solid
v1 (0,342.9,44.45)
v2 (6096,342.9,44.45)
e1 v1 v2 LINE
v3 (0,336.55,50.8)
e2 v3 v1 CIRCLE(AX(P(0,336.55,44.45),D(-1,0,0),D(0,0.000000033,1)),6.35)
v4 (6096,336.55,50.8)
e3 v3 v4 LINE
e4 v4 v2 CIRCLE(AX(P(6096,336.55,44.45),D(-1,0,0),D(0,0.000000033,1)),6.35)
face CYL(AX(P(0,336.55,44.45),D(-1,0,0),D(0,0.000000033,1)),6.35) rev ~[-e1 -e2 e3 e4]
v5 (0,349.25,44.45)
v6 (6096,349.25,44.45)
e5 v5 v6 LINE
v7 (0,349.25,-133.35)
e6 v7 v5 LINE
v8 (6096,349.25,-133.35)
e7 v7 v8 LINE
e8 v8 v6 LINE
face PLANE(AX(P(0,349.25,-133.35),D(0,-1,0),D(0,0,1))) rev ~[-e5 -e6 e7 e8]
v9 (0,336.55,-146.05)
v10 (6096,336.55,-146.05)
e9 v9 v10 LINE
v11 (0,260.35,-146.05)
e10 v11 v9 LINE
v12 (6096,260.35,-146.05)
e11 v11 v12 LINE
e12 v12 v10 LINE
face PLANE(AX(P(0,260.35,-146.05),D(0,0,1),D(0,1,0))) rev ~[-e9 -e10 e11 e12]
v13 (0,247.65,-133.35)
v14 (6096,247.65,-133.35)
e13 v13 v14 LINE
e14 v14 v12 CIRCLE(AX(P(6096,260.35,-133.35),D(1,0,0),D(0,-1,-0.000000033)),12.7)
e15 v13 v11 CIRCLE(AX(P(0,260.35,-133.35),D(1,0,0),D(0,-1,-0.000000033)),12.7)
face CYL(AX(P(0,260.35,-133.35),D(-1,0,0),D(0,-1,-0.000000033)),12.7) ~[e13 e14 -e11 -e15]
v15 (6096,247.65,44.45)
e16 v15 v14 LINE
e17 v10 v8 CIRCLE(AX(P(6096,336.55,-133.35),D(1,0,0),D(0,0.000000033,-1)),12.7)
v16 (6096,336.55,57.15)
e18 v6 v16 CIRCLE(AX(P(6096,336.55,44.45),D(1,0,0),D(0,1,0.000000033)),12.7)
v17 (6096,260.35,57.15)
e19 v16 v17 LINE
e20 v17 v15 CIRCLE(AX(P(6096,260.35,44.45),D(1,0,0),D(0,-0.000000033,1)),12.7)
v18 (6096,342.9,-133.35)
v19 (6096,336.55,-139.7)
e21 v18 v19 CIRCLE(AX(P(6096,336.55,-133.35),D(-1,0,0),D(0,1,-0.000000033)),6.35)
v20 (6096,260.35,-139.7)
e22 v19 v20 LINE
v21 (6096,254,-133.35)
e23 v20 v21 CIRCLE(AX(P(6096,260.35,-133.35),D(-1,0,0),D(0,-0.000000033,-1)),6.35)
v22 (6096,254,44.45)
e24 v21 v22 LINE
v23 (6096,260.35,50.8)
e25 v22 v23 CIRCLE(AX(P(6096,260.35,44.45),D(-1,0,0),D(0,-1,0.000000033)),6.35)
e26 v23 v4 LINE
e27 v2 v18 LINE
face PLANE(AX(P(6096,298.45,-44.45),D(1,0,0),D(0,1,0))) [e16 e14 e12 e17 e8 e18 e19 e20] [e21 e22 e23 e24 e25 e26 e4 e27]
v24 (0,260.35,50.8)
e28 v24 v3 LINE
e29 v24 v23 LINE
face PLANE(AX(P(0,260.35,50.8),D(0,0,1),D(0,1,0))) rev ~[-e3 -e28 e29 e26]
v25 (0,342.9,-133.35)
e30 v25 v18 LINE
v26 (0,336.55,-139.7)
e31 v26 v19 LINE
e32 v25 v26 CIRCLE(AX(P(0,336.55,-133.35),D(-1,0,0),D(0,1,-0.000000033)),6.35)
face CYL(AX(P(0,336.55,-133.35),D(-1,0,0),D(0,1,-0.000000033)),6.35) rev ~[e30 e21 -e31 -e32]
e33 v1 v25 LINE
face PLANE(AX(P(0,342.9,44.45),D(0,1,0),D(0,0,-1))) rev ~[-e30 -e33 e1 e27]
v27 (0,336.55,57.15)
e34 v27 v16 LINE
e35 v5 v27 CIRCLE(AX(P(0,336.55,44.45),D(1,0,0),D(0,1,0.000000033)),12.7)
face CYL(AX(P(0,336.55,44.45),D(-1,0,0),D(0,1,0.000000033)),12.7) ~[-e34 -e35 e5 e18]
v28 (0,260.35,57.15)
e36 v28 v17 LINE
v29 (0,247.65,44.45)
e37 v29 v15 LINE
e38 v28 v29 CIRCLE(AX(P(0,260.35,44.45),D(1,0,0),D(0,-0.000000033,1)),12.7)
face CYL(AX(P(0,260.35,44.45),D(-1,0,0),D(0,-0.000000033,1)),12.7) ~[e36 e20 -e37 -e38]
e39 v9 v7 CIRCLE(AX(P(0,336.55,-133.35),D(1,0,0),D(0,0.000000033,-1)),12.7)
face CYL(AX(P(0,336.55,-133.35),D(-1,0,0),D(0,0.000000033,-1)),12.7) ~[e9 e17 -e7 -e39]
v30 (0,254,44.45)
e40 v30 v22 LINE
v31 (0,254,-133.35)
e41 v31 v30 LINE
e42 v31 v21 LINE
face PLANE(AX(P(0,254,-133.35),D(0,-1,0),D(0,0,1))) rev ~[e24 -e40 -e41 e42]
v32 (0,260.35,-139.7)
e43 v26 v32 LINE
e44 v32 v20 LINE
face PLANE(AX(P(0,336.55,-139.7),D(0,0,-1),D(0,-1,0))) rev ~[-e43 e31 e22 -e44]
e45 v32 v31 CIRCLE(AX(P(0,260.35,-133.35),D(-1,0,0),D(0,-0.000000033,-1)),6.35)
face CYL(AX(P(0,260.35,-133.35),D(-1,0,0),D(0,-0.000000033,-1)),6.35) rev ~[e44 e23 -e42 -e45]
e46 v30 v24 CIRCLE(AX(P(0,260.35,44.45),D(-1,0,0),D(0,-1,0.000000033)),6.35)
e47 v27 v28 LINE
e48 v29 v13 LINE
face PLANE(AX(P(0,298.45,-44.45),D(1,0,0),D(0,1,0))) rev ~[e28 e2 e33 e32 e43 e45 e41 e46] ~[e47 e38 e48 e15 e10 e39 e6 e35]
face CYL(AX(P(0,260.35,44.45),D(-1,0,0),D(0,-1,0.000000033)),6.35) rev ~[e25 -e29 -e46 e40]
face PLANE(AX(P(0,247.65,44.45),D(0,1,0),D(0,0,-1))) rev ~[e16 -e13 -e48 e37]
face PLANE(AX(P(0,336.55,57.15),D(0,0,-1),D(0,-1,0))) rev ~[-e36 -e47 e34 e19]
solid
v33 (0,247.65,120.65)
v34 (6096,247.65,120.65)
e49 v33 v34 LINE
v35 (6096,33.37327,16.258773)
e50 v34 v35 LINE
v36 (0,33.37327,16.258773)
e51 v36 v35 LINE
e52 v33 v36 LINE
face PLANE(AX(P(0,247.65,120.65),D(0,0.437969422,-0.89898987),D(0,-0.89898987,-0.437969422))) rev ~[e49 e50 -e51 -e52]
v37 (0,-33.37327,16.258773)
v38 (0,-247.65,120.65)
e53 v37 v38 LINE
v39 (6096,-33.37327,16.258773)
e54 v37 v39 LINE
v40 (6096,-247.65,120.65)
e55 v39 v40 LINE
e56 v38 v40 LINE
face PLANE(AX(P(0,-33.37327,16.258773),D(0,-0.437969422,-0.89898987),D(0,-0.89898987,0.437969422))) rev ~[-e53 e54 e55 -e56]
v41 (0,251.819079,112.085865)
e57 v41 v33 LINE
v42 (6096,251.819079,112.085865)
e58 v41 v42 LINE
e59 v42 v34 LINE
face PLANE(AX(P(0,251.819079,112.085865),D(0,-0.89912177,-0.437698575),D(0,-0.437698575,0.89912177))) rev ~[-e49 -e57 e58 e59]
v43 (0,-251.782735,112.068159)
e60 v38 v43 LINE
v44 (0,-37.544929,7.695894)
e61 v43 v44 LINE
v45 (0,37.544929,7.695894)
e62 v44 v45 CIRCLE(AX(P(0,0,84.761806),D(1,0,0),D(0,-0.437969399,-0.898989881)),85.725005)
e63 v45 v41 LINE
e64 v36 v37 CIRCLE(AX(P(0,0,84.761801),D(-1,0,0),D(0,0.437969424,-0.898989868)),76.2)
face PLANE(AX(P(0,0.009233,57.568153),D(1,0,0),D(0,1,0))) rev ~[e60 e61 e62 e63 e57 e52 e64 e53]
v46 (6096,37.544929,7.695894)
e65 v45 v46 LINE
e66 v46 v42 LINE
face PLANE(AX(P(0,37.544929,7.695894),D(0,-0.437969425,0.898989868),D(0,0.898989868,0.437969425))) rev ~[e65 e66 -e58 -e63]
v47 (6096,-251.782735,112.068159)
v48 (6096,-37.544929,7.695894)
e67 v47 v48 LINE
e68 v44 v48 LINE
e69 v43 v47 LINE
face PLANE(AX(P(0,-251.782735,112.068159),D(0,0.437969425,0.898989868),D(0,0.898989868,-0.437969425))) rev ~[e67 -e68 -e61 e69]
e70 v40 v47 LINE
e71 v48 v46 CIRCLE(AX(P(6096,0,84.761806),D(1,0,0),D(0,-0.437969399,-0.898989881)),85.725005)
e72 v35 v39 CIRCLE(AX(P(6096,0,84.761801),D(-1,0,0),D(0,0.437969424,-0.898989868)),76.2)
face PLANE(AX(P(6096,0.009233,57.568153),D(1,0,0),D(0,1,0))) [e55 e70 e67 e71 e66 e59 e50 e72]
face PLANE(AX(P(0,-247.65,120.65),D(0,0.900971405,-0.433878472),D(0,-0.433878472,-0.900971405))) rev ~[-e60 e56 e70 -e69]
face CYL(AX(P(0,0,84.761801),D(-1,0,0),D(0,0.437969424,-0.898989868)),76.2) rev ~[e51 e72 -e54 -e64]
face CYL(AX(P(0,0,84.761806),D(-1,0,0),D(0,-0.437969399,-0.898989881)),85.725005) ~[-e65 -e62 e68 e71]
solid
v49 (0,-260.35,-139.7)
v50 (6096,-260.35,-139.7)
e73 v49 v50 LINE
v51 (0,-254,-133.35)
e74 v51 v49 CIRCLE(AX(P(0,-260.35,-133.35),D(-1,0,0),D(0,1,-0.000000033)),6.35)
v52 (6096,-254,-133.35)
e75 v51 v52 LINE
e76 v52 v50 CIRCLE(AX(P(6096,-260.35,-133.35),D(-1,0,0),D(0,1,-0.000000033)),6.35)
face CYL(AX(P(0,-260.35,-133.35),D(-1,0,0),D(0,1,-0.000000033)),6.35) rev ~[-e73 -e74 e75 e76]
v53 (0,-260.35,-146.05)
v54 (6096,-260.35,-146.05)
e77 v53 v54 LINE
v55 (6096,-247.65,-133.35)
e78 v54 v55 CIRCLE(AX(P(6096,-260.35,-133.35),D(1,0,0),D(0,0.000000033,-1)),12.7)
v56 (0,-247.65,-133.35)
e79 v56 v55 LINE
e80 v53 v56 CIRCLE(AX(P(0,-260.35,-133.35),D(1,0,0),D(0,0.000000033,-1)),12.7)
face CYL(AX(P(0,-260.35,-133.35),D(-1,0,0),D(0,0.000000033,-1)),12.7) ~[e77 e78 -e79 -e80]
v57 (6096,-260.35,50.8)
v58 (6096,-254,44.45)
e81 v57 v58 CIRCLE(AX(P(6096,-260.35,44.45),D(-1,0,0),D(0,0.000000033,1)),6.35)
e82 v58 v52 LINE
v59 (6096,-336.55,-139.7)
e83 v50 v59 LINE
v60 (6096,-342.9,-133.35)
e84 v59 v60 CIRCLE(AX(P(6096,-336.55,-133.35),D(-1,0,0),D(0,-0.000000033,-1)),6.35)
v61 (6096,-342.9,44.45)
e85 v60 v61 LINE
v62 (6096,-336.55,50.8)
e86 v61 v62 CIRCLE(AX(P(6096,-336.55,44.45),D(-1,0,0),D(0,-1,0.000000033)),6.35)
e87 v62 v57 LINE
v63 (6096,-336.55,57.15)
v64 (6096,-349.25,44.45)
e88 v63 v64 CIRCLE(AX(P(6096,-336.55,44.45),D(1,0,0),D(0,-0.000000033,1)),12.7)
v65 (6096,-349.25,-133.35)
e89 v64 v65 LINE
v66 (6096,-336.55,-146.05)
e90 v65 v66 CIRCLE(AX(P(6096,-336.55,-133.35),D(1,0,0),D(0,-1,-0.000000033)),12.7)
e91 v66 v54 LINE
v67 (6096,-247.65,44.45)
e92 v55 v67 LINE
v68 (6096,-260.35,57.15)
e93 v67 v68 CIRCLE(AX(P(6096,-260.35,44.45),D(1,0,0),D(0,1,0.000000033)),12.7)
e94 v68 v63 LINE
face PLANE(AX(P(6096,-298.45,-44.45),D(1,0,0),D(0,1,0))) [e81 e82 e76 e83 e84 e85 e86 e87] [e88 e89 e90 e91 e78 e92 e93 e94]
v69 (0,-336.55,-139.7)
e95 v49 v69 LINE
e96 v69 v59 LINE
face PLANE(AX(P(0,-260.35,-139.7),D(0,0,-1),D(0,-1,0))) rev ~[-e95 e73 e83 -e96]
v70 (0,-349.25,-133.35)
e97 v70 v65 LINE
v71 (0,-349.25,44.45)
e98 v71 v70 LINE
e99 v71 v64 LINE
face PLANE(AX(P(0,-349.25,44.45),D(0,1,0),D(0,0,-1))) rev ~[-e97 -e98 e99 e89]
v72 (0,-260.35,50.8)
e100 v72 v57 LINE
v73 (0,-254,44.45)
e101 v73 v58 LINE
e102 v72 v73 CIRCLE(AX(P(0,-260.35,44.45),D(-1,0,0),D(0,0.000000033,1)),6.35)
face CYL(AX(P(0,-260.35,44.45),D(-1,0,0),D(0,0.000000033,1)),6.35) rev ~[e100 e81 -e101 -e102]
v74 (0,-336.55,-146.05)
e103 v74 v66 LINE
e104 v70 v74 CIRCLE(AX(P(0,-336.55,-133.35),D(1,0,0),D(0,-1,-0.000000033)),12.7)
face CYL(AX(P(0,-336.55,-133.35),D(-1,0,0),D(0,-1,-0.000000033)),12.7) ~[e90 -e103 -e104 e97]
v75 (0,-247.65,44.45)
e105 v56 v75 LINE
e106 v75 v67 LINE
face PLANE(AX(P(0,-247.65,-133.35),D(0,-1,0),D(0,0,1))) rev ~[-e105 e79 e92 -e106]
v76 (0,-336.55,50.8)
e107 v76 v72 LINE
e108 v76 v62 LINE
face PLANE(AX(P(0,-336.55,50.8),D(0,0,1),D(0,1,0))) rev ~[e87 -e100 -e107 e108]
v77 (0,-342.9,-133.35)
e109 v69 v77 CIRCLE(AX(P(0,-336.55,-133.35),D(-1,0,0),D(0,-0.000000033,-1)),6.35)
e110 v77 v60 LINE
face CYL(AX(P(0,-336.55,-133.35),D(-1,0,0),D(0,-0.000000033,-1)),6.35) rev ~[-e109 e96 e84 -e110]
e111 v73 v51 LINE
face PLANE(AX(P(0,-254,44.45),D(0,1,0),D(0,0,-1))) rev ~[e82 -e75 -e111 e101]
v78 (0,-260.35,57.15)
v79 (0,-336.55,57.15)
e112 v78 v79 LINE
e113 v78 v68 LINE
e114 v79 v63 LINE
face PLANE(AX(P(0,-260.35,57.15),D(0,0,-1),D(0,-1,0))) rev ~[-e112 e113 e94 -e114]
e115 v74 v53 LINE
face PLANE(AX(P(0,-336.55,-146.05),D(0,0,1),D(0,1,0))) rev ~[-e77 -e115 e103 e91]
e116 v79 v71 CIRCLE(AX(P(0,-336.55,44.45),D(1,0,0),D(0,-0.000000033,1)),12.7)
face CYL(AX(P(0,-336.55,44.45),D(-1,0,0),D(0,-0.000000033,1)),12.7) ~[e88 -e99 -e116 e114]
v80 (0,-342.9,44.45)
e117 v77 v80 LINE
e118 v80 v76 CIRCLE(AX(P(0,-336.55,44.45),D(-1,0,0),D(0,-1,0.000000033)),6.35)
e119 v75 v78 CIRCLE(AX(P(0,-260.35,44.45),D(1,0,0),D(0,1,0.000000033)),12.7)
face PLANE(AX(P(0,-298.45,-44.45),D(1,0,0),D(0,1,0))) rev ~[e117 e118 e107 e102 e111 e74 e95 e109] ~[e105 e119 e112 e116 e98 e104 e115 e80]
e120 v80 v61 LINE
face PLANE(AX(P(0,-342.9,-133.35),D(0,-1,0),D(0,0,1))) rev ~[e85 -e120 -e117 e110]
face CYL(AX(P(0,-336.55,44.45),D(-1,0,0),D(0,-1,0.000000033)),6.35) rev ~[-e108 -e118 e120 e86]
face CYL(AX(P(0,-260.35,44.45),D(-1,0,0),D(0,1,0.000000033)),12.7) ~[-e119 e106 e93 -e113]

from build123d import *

# Parameters (mm, degrees)
F1_DEPTH = 6096


with BuildPart() as f1:
    # F0 (on Right) → F1 (new body)
    with BuildSketch(Plane.YZ):
        with BuildLine():
            Line((-260.35, 57.15), (-336.55, 57.15))
            ThreePointArc((-336.55, 57.15), (-345.530256, 53.430256), (-349.25, 44.45))
            Line((-349.25, 44.45), (-349.25, -133.35))
            ThreePointArc((-349.25, -133.35), (-345.530256, -142.330256), (-336.55, -146.05))
            Line((-336.55, -146.05), (-260.35, -146.05))
            ThreePointArc((-260.35, -146.05), (-251.369744, -142.330256), (-247.65, -133.35))
            Line((-247.65, -133.35), (-247.65, 44.45))
            ThreePointArc((-247.65, 44.45), (-251.369744, 53.430256), (-260.35, 57.15))
        make_face()
        with BuildLine():
            ThreePointArc((-342.9, 44.45), (-341.040128, 48.940128), (-336.55, 50.8))
            Line((-336.55, 50.8), (-260.35, 50.8))
            ThreePointArc((-260.35, 50.8), (-255.859872, 48.940128), (-254, 44.45))
            Line((-254, 44.45), (-254, -133.35))
            ThreePointArc((-254, -133.35), (-255.859872, -137.840128), (-260.35, -139.7))
            Line((-260.35, -139.7), (-336.55, -139.7))
            ThreePointArc((-336.55, -139.7), (-341.040128, -137.840128), (-342.9, -133.35))
            Line((-342.9, -133.35), (-342.9, 44.45))
        make_face(mode=Mode.SUBTRACT)
        with BuildLine():
            ThreePointArc((260.35, 57.15), (251.369744, 53.430256), (247.65, 44.45))
            Line((247.65, 44.45), (247.65, -133.35))
            ThreePointArc((247.65, -133.35), (251.369744, -142.330256), (260.35, -146.05))
            Line((260.35, -146.05), (336.55, -146.05))
            ThreePointArc((336.55, -146.05), (345.530256, -142.330256), (349.25, -133.35))
            Line((349.25, -133.35), (349.25, 44.45))
            ThreePointArc((349.25, 44.45), (345.530256, 53.430256), (336.55, 57.15))
            Line((336.55, 57.15), (260.35, 57.15))
        make_face()
        with BuildLine():
            Line((260.35, 50.8), (336.55, 50.8))
            ThreePointArc((336.55, 50.8), (341.040128, 48.940128), (342.9, 44.45))
            Line((342.9, 44.45), (342.9, -133.35))
            ThreePointArc((342.9, -133.35), (341.040128, -137.840128), (336.55, -139.7))
            Line((336.55, -139.7), (260.35, -139.7))
            ThreePointArc((260.35, -139.7), (255.859872, -137.840128), (254, -133.35))
            Line((254, -133.35), (254, 44.45))
            ThreePointArc((254, 44.45), (255.859872, 48.940128), (260.35, 50.8))
        make_face(mode=Mode.SUBTRACT)
        with BuildLine():
            Line((-33.37327, 16.258773), (-247.65, 120.65))
            Line((-247.65, 120.65), (-251.782735, 112.068159))
            Line((-251.782735, 112.068159), (-37.544929, 7.695894))
            ThreePointArc((-37.544929, 7.695894), (0, -0.963199), (37.544929, 7.695894))
            Line((37.544929, 7.695894), (251.819079, 112.085865))
            Line((251.819079, 112.085865), (247.65, 120.65))
            Line((247.65, 120.65), (33.37327, 16.258773))
            ThreePointArc((33.37327, 16.258773), (0, 8.561801), (-33.37327, 16.258773))
        make_face()
    extrude(amount=F1_DEPTH)


solid = f1.part
